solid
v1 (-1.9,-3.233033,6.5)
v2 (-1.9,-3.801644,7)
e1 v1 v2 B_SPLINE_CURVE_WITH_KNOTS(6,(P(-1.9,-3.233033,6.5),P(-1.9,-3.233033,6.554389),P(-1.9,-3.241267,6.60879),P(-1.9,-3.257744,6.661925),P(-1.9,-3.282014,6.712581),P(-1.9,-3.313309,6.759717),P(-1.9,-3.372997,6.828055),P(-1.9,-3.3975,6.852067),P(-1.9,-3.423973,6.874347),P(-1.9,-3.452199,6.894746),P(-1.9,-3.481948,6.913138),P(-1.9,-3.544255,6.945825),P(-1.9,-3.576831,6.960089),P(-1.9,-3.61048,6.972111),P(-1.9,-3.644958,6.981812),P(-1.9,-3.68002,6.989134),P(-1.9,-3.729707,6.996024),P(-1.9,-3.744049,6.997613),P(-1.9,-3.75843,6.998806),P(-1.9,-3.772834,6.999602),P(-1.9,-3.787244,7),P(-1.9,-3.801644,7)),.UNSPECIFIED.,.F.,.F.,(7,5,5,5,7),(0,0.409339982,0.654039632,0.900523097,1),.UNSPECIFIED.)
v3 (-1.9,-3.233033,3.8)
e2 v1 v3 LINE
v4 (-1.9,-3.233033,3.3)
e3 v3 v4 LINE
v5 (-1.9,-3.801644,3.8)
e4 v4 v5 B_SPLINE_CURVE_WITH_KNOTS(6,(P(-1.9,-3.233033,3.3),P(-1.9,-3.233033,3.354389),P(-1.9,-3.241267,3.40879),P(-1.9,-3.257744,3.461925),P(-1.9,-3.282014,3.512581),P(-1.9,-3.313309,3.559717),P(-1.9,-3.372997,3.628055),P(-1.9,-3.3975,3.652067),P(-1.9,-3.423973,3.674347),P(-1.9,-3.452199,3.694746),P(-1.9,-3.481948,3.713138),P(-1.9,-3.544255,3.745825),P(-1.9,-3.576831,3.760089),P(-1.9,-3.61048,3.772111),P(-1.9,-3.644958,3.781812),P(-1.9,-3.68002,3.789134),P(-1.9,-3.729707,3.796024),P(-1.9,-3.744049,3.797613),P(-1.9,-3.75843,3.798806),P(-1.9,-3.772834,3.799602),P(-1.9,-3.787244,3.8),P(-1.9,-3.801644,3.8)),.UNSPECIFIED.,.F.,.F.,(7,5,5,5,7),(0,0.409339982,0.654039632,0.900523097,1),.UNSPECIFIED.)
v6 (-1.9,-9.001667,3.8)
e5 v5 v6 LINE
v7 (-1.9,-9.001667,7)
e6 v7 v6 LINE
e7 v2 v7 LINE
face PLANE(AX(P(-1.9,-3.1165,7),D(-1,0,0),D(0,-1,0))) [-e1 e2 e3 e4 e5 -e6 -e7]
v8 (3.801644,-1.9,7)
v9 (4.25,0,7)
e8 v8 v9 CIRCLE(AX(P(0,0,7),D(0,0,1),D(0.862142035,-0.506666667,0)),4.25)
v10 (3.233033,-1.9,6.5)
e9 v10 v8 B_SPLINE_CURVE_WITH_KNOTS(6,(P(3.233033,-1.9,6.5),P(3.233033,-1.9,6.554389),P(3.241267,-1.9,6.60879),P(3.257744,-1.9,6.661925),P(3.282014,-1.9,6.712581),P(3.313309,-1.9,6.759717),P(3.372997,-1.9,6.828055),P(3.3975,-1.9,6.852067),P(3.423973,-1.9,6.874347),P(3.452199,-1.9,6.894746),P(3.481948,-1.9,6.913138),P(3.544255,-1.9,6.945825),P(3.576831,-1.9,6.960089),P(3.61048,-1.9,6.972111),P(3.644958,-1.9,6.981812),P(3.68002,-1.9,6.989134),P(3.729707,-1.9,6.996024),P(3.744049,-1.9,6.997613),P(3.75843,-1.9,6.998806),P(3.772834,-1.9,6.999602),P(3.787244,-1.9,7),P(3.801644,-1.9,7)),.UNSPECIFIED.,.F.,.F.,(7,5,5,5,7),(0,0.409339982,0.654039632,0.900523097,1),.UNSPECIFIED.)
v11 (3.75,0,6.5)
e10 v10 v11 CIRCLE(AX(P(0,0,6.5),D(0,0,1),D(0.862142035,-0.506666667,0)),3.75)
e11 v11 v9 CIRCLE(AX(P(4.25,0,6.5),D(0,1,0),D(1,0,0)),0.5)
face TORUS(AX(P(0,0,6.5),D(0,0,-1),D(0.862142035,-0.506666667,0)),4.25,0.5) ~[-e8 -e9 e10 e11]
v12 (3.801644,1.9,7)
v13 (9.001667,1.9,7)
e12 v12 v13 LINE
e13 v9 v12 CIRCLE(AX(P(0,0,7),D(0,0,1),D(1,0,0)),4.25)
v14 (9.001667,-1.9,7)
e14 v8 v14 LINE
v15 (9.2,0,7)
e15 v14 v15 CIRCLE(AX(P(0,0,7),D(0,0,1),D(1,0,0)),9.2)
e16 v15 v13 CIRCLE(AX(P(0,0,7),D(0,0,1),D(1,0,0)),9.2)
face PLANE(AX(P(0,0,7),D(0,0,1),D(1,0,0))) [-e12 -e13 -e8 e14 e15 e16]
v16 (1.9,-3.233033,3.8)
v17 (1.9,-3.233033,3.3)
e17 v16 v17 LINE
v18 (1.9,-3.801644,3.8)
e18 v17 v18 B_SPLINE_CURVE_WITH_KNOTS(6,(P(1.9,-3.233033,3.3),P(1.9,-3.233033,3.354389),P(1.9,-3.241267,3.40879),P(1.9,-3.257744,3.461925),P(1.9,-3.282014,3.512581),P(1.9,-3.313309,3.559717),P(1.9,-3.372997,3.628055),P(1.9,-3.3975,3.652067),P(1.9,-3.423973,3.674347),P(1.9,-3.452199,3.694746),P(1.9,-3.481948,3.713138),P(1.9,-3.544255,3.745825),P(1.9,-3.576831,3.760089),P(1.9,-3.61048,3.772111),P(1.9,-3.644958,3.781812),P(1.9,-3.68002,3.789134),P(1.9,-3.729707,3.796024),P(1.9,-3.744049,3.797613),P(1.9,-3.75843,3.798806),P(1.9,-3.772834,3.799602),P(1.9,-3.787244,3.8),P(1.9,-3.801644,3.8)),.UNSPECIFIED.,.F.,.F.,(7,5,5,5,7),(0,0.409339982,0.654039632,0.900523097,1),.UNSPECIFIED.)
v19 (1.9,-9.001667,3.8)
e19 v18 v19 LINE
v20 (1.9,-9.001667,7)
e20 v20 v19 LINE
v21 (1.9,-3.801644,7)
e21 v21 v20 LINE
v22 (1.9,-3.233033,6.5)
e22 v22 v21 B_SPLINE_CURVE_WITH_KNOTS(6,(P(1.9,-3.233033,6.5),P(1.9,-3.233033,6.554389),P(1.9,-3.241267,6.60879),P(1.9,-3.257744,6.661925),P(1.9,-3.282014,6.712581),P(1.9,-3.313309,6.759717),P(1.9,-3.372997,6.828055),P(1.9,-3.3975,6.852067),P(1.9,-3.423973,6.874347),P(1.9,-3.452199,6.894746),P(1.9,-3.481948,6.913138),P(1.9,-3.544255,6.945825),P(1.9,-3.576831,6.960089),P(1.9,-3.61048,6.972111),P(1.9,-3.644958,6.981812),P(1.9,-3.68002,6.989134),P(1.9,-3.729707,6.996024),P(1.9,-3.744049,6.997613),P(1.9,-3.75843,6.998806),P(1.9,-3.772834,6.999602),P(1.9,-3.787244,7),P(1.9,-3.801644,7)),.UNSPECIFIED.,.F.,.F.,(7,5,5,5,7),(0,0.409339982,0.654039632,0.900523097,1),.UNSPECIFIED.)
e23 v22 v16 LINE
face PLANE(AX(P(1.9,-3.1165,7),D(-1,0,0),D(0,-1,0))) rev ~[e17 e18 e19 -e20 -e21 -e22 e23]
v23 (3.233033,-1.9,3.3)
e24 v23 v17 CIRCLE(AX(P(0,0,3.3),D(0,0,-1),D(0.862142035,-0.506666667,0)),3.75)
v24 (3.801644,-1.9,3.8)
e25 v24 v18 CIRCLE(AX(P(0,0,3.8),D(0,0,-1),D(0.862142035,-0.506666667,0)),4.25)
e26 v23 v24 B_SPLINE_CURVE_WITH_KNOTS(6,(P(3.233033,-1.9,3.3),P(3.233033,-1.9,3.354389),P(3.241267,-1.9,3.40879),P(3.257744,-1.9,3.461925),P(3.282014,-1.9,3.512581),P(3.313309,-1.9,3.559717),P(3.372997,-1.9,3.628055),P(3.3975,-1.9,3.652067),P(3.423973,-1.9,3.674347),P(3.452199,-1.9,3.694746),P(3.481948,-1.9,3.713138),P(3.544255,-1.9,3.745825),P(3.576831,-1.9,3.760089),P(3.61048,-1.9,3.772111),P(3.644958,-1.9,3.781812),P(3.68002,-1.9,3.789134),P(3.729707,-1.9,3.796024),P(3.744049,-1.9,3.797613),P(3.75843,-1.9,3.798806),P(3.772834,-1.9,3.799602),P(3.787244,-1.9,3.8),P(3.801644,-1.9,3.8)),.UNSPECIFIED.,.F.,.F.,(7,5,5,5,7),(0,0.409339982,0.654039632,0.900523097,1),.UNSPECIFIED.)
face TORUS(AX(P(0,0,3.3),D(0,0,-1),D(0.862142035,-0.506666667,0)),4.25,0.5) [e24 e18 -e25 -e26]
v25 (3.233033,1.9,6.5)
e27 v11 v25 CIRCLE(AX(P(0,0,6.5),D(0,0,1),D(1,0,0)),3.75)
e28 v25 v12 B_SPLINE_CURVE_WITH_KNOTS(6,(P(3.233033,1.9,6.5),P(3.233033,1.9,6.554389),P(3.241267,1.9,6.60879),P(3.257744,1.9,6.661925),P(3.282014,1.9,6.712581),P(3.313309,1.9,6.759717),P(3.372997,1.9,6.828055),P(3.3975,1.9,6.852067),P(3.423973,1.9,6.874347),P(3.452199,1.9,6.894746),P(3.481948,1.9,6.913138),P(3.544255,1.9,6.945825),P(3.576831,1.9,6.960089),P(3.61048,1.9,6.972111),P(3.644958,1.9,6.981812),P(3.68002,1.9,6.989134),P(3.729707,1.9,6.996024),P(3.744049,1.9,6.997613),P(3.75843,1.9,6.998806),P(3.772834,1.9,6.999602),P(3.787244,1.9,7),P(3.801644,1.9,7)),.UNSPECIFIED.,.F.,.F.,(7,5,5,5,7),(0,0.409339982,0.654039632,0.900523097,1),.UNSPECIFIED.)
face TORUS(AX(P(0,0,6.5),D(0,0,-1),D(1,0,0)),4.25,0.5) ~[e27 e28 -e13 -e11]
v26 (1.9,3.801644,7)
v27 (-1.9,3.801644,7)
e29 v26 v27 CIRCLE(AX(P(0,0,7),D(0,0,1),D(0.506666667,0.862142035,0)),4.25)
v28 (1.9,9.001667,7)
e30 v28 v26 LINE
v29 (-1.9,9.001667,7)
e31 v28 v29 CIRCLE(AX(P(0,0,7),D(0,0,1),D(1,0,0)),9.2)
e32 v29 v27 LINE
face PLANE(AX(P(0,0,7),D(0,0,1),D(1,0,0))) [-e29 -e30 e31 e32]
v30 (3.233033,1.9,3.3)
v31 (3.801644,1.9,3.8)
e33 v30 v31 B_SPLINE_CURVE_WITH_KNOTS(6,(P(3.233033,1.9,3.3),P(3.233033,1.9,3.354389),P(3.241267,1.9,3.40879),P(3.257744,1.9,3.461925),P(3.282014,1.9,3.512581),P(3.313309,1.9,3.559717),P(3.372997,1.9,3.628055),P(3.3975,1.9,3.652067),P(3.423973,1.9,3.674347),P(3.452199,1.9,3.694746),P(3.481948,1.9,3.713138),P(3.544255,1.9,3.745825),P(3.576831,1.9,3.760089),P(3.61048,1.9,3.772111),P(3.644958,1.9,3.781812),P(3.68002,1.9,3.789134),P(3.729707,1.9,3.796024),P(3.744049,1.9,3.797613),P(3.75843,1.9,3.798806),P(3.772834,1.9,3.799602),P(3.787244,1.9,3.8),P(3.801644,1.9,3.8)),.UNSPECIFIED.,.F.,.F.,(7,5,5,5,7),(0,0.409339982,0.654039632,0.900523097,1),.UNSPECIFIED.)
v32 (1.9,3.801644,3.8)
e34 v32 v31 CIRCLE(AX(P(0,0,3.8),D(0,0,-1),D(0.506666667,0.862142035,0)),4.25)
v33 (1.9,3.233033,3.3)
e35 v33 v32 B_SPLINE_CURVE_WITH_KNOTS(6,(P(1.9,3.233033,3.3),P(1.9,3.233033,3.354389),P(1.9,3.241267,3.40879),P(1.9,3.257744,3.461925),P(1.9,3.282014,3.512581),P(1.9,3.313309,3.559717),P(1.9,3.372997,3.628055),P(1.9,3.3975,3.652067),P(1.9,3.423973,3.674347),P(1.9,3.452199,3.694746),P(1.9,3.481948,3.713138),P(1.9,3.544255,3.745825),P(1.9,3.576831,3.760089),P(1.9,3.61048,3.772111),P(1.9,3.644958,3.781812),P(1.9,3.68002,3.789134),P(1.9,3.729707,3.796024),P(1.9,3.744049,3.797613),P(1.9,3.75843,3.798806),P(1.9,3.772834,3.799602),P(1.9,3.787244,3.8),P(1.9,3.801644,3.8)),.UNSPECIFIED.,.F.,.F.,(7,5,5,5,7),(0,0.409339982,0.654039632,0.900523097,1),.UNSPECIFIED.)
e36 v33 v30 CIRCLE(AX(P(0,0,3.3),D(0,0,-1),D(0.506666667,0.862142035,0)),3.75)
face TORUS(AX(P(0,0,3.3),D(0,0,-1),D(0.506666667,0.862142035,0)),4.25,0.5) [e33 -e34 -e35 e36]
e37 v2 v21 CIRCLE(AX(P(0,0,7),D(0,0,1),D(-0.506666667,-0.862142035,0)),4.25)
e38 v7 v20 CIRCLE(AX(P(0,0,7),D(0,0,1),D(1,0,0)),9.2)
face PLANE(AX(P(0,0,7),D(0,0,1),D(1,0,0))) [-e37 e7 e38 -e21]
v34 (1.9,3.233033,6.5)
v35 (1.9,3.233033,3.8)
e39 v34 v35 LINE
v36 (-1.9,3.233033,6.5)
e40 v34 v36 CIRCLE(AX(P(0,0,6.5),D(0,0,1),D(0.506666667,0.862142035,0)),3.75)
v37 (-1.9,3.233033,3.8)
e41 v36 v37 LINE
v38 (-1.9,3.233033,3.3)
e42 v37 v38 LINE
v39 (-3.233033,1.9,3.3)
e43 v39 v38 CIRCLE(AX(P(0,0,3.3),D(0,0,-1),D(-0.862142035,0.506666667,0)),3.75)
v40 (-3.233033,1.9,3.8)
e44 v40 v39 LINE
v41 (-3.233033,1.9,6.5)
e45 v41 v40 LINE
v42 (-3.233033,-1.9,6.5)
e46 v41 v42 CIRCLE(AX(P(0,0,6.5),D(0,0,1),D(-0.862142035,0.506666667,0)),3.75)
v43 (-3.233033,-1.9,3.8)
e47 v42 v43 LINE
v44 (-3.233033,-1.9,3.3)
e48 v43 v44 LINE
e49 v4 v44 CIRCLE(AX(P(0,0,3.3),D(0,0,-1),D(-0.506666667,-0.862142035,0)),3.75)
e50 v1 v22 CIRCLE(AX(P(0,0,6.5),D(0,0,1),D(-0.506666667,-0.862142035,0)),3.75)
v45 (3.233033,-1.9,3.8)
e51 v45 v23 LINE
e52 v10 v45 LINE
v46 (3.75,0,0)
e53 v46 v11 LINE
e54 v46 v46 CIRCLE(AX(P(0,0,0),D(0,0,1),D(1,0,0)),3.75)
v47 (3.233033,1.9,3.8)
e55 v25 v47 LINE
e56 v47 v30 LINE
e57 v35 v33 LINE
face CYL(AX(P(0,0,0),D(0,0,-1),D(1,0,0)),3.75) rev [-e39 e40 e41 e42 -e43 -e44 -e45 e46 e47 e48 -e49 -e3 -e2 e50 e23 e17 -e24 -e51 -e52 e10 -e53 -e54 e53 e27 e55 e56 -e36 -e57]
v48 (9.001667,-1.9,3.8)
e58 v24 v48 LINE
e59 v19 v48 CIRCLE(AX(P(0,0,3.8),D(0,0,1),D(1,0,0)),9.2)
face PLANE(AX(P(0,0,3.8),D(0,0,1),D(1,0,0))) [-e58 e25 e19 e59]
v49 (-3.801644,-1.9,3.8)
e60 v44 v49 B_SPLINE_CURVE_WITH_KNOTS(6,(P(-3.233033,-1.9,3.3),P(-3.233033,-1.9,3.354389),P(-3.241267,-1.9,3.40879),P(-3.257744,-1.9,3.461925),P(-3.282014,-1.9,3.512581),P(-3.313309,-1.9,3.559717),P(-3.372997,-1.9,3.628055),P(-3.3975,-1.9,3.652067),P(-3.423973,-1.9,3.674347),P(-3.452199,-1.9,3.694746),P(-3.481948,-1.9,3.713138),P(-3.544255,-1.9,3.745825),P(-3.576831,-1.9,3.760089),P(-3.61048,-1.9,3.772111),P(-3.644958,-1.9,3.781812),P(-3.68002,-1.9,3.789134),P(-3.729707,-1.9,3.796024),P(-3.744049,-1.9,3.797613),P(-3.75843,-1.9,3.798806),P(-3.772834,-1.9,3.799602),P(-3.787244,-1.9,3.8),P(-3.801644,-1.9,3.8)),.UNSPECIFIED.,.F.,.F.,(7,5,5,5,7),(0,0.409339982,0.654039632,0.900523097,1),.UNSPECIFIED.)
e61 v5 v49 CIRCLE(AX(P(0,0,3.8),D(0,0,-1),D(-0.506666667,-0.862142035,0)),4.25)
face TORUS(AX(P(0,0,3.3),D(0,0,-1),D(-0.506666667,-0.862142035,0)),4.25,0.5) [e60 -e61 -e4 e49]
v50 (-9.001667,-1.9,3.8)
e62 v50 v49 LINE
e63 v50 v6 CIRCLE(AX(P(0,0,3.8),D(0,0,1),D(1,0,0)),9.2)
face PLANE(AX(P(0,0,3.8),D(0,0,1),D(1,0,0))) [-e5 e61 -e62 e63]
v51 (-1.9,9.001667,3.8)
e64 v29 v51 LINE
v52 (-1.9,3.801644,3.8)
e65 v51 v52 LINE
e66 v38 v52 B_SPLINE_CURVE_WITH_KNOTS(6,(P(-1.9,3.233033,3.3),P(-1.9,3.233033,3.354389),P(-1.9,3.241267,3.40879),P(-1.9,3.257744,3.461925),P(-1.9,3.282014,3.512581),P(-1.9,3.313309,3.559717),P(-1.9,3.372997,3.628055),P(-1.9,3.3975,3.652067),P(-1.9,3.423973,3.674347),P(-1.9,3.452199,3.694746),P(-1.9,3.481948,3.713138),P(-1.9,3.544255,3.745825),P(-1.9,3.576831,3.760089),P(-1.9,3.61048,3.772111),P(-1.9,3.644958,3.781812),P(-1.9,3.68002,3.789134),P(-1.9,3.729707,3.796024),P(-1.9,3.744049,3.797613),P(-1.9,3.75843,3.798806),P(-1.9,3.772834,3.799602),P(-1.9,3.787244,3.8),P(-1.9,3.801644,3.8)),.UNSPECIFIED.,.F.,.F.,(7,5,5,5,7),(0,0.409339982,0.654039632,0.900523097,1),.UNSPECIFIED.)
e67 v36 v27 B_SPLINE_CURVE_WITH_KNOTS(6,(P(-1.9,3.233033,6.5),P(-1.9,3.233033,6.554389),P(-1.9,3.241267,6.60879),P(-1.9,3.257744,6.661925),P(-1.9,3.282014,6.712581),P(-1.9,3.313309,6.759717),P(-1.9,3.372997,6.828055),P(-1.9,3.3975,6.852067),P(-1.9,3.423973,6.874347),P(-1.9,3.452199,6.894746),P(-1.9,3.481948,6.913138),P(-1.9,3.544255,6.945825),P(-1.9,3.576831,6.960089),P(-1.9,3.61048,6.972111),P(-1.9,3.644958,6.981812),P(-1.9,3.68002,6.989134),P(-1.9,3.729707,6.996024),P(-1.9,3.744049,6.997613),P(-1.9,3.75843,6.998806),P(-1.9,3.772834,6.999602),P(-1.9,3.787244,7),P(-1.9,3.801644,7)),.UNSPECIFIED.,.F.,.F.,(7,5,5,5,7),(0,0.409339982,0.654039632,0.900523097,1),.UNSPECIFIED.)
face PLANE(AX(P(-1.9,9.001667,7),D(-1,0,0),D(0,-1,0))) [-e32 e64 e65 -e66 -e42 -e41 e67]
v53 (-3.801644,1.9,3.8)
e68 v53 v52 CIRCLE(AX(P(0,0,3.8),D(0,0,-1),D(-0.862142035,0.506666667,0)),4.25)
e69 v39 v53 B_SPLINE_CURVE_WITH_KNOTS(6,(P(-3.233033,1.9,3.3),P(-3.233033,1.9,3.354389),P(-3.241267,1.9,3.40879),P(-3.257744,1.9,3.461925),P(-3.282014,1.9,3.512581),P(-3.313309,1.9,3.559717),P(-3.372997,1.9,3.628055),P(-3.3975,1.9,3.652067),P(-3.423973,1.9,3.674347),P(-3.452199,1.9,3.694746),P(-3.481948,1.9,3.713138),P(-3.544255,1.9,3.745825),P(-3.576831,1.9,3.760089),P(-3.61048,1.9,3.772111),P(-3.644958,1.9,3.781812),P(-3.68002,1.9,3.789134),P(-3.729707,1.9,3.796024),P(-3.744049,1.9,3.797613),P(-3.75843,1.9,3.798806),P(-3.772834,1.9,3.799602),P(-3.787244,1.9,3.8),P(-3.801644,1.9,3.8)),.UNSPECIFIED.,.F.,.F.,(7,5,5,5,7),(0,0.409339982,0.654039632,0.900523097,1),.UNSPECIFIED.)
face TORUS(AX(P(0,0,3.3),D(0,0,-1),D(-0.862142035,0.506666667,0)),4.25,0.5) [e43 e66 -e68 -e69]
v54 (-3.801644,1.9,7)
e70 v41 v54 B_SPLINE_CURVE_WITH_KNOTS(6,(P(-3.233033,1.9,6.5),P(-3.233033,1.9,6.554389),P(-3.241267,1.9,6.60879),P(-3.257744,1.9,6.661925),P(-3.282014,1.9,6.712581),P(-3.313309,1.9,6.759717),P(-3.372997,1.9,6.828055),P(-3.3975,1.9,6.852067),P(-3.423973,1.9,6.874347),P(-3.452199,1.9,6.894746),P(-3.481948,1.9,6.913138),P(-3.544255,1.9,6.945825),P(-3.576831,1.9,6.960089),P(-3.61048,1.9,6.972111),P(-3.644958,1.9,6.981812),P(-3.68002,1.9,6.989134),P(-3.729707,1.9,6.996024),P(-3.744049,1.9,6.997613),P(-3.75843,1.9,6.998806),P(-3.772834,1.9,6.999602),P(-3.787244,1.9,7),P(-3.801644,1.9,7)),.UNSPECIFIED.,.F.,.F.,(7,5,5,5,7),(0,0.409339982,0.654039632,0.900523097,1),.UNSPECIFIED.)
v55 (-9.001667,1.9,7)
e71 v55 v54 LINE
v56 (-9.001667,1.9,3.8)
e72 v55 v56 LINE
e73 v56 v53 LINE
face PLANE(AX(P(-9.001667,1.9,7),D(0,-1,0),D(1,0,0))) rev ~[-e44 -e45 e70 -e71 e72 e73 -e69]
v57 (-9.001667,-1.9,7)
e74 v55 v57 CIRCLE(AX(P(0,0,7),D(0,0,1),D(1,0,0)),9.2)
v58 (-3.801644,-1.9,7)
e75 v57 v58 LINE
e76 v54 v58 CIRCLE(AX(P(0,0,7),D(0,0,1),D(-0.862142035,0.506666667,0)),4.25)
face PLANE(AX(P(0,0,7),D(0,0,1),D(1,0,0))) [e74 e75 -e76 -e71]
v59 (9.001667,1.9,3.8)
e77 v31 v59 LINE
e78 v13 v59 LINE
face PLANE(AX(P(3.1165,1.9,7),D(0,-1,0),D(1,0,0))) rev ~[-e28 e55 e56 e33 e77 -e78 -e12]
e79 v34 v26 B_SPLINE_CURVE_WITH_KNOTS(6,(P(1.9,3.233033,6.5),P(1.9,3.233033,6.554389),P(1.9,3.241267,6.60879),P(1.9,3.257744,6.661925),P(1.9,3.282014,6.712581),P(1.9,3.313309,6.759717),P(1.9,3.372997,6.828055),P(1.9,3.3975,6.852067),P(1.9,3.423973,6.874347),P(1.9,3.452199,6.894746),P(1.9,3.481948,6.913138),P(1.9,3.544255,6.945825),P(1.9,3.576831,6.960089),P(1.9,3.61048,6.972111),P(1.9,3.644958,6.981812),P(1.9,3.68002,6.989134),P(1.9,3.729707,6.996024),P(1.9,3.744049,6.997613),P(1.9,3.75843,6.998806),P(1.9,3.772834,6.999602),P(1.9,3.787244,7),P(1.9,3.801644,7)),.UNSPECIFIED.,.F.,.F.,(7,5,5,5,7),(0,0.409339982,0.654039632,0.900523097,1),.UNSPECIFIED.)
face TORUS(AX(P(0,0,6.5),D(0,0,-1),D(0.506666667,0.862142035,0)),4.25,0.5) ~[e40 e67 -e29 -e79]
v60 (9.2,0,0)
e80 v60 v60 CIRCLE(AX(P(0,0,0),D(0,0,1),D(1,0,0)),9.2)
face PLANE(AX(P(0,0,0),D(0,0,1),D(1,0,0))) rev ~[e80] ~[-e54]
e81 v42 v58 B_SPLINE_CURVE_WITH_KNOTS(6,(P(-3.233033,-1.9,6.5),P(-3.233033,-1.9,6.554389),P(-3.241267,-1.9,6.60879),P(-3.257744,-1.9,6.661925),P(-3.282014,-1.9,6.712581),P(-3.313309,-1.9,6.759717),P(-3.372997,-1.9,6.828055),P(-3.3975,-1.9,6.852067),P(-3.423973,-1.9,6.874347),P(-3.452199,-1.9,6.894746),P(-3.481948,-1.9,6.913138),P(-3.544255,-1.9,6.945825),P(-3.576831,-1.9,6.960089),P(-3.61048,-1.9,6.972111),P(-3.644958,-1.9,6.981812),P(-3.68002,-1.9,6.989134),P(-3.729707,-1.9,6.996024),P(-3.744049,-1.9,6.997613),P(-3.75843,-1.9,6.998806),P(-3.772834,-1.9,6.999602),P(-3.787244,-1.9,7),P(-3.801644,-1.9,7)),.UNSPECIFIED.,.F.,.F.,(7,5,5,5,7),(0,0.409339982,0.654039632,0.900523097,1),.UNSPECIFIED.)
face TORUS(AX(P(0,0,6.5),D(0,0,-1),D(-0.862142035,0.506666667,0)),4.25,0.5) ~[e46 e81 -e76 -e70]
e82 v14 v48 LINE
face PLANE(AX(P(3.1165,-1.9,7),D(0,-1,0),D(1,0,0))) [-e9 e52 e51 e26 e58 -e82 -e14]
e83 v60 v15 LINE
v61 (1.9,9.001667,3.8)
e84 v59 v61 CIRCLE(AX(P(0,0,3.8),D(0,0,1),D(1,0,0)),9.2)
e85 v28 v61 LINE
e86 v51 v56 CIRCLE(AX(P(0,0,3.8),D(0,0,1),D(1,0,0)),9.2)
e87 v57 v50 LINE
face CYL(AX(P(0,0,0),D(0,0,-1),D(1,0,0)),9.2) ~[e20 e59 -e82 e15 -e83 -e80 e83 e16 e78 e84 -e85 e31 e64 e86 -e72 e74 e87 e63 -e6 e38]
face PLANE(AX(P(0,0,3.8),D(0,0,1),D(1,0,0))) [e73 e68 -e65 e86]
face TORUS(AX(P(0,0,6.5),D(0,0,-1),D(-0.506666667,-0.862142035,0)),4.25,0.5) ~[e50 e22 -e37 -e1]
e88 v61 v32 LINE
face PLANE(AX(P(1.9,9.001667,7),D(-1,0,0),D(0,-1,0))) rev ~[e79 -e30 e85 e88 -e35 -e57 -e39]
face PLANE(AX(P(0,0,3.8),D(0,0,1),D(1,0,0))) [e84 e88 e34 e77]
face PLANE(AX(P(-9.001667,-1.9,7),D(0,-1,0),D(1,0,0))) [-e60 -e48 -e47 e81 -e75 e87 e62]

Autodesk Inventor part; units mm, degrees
ref_plane "YZ Plane" through (0, 0, 0) normal (1, 0, 0) x (0, 1, 0)
ref_plane "XZ Plane" through (0, 0, 0) normal (0, 1, 0) x (-1, 0, 0)
ref_plane "XY Plane" through (0, 0, 0) normal (0, 0, 1) x (1, 0, 0)
sketch "Esboço1" plane through (0, 0, 0) normal (0, 0, 1) x (1, 0, 0)
  circle A0 centre (0, 0) radius 3.75
  circle A1 centre (0, 0) radius 7.2
  circle A2 centre (0, 0) radius 9.2
  dimension "d0" = 7.5
  dimension "d2" = 14.4
  dimension "d3" = 18.4
extrude "Extrusão1" add sketch "Esboço1" along normal blind 7 contours A1 | A2
sketch "Esboço2" plane through (0, 0, 7) normal (0, 0, 1) x (1, 0, 0)
  circle A0 centre (0, 0) radius 9.2 projected
  line L0 (-9.2, 1.9) -> (-9.2, -1.9)
  line L1 (-1.9, 9.2) -> (1.9, 9.2)
  line L2 (9.2, 1.9) -> (9.2, -1.9)
  line L3 (-1.9, -9.2) -> (1.9, -9.2)
  line L4 (-1.9, 9.2) -> (-1.9, 3.1165)
  line L5 (-1.9, -3.1165) -> (-1.9, -9.2)
  line L6 (1.9, 9.2) -> (1.9, 3.1165)
  line L7 (1.9, -3.1165) -> (1.9, -9.2)
  line L8 (-9.2, -1.9) -> (-3.1165, -1.9)
  line L9 (3.1165, -1.9) -> (9.2, -1.9)
  line L10 (-9.2, 1.9) -> (-3.1165, 1.9)
  line L11 (3.1165, 1.9) -> (9.2, 1.9)
  arc A1 (-3.1165, -1.9) -> (-1.9, -3.1165) centre (0, 0) ccw
  arc A2 (1.9, -3.1165) -> (3.1165, -1.9) centre (0, 0) ccw
  arc A3 (3.1165, 1.9) -> (1.9, 3.1165) centre (0, 0) ccw
  arc A4 (-1.9, 3.1165) -> (-3.1165, 1.9) centre (0, 0) ccw
  point P0 (9.0017, 1.9)
  point P1 (1.9, 9.0017)
  point P2 (1.9, -9.0017)
  point P3 (9.0017, -1.9)
  point P4 (-9.0017, -1.9)
  point P5 (-1.9, -9.0017)
  point P6 (-1.9, 9.0017)
  point P7 (-9.0017, 1.9)
extrude "Extrusão2" cut sketch "Esboço2" against normal blind 3.2 contours L11 A3 L6 A0 | A0 L7 A2 L9 | L4 A4 L10 A0 | A0 L8 A1 L5
fillet "Arredondamento1" radius 0.5 9 edges at (-3.75, 0, 7) (0, 3.75, 7) (3.6185, -0.9845, 7) (3.6185, 0.9845, 7) (0, -3.75, 7) (-2.6517, -2.6517, 3.8) (-2.6517, 2.6517, 3.8) (2.6517, 2.6517, 3.8) (2.6517, -2.6517, 3.8)
properties part number "trava_botao_topo_3DPrint"
